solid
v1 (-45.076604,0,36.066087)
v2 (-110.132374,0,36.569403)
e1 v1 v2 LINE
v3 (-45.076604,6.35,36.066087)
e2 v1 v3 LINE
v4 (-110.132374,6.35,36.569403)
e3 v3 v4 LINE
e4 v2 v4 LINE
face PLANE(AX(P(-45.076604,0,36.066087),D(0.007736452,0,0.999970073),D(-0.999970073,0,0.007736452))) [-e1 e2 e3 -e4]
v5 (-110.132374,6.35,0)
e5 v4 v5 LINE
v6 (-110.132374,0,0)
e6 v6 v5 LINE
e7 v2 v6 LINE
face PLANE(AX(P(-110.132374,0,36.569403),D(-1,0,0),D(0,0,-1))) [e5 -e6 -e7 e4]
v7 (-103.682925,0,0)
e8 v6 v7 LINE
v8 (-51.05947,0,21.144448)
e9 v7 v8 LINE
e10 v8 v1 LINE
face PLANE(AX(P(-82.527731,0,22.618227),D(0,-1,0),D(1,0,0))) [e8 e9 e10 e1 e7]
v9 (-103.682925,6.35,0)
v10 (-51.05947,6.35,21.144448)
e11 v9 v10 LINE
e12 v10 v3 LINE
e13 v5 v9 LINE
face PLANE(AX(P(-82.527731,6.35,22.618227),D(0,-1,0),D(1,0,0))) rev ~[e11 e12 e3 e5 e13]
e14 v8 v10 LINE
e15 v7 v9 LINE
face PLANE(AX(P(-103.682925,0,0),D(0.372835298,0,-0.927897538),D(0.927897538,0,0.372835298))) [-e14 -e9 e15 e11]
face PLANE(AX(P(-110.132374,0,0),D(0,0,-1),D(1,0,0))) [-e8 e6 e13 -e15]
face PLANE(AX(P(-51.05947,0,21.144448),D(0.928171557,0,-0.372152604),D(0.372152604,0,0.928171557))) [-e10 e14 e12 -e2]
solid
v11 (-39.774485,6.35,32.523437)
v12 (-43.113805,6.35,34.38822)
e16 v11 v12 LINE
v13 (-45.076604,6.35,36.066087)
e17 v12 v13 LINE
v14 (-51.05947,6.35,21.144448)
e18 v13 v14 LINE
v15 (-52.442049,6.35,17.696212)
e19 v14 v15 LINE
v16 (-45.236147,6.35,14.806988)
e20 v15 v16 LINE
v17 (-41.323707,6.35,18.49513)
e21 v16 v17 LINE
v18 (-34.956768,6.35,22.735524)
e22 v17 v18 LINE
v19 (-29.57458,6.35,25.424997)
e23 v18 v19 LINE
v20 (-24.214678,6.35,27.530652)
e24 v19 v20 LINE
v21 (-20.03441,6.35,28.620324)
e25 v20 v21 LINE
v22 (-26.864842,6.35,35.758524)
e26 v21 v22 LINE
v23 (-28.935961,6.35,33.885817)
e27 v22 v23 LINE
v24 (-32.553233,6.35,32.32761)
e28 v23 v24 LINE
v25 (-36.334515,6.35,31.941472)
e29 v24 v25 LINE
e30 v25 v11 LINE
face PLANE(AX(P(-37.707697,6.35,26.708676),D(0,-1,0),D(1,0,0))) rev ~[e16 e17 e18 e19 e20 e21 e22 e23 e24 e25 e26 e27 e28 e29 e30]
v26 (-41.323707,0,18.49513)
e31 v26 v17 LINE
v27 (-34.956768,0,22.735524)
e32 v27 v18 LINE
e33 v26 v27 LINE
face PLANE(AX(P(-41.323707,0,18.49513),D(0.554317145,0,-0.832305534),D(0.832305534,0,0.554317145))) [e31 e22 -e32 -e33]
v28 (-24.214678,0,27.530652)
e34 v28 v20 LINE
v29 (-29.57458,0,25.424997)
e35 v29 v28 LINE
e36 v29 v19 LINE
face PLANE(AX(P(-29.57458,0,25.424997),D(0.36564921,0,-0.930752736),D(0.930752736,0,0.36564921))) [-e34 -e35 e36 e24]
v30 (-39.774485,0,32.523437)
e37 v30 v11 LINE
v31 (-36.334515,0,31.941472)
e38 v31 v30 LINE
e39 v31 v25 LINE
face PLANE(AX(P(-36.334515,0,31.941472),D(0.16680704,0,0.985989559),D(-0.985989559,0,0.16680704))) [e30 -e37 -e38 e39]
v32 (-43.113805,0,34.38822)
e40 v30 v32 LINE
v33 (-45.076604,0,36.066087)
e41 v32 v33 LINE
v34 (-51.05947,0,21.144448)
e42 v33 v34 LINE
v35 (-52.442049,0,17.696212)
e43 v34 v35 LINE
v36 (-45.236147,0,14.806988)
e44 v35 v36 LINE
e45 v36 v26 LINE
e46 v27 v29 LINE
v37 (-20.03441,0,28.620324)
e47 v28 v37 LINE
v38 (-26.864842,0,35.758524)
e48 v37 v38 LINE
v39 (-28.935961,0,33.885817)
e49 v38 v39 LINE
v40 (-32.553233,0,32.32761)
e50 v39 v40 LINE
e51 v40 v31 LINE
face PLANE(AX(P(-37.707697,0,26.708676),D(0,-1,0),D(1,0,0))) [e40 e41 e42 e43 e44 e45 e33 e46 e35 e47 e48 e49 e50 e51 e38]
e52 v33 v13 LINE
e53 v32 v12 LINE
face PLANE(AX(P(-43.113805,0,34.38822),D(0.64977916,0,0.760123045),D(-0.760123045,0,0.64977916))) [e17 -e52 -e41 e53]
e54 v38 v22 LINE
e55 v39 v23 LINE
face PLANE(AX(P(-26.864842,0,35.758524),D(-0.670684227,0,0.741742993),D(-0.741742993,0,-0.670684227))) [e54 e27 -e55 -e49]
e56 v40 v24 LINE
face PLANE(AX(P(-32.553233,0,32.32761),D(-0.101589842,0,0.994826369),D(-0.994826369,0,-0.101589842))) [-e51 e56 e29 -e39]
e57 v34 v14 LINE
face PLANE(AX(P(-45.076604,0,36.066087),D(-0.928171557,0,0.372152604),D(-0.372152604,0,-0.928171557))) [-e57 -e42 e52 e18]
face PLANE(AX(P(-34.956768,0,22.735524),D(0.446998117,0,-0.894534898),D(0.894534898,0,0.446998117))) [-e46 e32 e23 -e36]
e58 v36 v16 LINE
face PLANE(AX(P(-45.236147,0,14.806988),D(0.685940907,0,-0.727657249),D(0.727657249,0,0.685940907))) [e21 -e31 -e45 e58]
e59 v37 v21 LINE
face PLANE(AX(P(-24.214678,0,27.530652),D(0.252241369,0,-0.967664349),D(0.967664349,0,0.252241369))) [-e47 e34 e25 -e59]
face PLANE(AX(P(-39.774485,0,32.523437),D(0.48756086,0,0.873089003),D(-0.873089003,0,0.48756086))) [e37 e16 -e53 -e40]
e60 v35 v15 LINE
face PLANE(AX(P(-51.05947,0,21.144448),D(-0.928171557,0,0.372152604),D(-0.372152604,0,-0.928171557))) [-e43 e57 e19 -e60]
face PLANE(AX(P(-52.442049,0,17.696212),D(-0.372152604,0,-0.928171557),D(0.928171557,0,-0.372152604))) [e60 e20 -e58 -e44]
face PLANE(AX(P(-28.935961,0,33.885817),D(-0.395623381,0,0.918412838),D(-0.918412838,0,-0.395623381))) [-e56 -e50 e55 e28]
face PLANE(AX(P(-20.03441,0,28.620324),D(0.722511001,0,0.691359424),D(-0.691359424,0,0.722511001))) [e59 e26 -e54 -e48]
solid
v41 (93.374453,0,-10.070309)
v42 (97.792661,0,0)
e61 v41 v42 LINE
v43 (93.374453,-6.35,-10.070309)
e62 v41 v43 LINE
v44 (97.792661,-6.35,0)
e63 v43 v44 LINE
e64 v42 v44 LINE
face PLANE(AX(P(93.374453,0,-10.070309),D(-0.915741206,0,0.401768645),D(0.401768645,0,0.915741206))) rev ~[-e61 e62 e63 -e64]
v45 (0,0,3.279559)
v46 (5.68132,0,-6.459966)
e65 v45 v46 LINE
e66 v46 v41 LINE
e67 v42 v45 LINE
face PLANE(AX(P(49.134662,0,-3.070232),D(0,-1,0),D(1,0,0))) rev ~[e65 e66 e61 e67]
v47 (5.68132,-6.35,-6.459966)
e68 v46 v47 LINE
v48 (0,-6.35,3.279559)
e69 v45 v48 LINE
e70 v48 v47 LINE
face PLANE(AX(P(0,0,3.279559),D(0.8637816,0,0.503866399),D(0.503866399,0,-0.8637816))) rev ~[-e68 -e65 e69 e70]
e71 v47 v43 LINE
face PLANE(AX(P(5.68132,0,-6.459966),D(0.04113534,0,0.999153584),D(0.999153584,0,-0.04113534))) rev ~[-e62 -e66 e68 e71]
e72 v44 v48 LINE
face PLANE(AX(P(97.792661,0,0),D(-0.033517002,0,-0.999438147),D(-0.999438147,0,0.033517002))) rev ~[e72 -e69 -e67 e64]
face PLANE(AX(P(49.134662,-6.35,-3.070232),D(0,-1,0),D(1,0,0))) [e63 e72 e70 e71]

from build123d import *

# Parameters (mm, degrees)
F2_DEPTH = 6.35
F4_DEPTH = 6.35


with BuildPart() as f2:
    # F1 (on face) → F2 (new body)
    with BuildSketch(Plane.XZ):
        Polygon((-51.0594704005, 21.1444481476), (-45.0766035008, 36.0660873469), (-110.1323738694, 36.5694032435), (-110.1323738694, 0), (-103.6829250218, 0), align=None)
    extrude(amount=-F2_DEPTH)


with BuildPart() as f2b:
    # F0 (on Front) → F2, piece 2 (new body)
    with BuildSketch(Plane.XZ):
        Polygon((-43.1138053536, 34.3882204033), (-45.0766035008, 36.0660873469), (-51.0594704005, 21.1444481476), (-52.4420491249, 17.6962115019), (-45.2361473337, 14.8069879566), (-41.3237065077, 18.495129887), (-34.9567681551, 22.7355235256), (-29.5745804906, 25.4249968566), (-24.2146775126, 27.5306520052), (-20.0344100595, 28.6203236319), (-26.8648415804, 35.7585237361), (-28.9359614253, 33.8858165778), (-32.5532332063, 32.3276096024), (-36.3345146179, 31.9414720871), (-39.7744849324, 32.5234369375), align=None)
    extrude(amount=-F2_DEPTH)


with BuildPart() as f4:
    # F3 (on Front) → F4 (new body)
    with BuildSketch(Plane.XZ):
        Polygon((97.7926607244, 0), (0, 3.2795594294), (5.6813200936, -6.4599663019), (93.374453485, -10.0703090429), align=None)
    extrude(amount=F4_DEPTH)


solid = Compound([f2.part, f2b.part, f4.part])
